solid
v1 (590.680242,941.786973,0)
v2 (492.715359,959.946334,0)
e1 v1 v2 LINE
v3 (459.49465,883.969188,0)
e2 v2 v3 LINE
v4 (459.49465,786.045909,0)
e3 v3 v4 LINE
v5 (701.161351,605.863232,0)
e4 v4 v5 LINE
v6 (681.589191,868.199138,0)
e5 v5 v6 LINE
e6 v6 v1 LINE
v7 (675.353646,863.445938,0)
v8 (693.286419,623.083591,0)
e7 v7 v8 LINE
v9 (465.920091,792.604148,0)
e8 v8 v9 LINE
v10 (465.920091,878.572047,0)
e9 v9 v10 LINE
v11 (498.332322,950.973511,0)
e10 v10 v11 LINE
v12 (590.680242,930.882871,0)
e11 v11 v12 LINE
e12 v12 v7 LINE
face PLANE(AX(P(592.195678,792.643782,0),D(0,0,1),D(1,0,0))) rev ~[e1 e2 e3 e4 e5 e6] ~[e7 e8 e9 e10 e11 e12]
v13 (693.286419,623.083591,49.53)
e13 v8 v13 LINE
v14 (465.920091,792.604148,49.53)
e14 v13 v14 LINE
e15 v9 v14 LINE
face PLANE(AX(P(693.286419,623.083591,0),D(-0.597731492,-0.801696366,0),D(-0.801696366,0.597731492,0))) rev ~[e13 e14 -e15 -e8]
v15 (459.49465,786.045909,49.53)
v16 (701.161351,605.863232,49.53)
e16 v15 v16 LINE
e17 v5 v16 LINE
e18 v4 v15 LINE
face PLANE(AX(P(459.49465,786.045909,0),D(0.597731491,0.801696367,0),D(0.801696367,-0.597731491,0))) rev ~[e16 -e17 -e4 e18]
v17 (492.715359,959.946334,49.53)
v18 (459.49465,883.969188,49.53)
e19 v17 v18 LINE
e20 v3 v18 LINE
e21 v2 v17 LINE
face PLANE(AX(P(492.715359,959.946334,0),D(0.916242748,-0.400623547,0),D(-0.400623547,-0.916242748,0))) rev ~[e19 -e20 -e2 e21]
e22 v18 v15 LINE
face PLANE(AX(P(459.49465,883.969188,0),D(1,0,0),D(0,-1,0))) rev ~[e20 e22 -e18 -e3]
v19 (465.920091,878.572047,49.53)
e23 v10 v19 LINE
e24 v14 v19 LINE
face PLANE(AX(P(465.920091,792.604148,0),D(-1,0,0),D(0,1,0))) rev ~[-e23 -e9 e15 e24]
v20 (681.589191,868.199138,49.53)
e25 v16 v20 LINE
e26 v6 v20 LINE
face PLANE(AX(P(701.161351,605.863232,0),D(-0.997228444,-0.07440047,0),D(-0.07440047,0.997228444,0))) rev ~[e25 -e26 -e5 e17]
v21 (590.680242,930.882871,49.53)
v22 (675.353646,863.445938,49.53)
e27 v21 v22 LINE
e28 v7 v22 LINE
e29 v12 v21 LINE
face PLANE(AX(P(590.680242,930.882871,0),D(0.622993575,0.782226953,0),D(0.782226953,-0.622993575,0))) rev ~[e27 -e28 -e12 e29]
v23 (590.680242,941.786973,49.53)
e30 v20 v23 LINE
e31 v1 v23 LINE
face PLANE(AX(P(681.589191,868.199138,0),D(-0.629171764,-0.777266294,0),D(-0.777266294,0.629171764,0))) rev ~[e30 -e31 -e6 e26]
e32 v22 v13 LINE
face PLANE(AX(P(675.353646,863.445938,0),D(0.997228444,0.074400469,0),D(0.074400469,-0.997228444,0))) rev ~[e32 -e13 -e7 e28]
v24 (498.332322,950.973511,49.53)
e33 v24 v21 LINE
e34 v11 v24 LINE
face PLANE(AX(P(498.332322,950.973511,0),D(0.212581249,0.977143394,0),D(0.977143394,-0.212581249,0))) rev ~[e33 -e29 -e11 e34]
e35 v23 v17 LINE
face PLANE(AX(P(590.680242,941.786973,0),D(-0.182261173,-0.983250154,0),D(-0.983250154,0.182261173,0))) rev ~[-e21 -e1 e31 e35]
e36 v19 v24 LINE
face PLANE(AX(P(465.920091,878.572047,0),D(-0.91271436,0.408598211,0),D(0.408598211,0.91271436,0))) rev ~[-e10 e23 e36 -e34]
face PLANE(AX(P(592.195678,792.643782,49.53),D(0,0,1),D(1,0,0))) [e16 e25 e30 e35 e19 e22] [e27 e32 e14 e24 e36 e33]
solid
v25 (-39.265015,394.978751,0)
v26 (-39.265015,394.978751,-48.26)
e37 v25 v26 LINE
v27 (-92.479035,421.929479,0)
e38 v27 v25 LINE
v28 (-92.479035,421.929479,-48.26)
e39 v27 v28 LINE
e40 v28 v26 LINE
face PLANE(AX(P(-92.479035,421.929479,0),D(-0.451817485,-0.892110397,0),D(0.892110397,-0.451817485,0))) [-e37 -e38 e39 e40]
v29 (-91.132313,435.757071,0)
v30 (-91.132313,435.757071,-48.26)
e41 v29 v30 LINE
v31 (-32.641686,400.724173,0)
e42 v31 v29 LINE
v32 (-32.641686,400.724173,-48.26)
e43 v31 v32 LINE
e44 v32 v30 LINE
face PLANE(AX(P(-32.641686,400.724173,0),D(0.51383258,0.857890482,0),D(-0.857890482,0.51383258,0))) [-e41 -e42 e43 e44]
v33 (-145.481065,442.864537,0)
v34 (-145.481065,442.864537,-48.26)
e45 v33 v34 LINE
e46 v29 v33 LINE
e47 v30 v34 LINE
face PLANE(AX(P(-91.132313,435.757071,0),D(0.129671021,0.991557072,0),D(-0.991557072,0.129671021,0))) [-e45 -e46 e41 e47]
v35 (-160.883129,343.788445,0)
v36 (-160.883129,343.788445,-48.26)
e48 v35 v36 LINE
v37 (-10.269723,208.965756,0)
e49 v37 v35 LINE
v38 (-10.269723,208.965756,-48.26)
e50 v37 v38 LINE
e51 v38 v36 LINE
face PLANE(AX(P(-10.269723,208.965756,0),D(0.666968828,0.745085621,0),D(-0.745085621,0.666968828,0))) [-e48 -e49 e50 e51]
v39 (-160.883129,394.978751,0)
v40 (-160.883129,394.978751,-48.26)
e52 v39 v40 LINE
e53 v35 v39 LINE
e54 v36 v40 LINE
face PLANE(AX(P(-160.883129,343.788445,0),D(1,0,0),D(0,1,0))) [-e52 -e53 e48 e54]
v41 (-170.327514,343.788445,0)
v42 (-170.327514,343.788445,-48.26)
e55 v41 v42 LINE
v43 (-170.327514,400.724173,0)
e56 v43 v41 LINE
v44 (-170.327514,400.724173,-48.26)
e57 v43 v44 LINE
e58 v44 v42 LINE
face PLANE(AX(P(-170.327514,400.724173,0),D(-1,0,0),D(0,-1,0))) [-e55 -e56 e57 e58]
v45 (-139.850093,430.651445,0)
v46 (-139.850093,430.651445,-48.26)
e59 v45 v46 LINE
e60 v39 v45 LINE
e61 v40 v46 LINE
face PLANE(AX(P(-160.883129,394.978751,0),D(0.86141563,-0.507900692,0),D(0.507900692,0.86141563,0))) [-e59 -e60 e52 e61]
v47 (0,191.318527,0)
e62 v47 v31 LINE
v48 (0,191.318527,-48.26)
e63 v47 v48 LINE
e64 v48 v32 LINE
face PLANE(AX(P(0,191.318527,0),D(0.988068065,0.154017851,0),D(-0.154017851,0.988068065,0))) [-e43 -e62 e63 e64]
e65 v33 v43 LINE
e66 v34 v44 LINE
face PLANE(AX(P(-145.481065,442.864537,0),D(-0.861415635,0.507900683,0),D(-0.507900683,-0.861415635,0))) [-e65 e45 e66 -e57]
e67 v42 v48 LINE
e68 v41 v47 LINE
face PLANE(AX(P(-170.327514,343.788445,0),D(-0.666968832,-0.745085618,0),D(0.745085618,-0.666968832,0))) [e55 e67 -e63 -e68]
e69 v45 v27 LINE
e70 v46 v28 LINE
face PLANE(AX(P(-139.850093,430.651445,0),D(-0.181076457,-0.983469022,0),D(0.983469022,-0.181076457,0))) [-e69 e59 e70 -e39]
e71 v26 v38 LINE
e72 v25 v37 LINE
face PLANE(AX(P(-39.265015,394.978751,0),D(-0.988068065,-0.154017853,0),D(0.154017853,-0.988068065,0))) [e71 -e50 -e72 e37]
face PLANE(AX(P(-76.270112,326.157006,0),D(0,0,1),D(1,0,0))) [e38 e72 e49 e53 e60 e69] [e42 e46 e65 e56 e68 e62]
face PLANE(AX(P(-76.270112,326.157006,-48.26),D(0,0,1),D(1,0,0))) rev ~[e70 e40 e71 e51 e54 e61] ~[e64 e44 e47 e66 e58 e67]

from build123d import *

# Parameters (mm, degrees)
F2_DEPTH = 48.26
F4_DEPTH = 49.53


with BuildPart() as f2:
    # F1 (on Top) → F2 (new body)
    with BuildSketch(Plane.XY):
        Polygon((-91.132313, 435.757071), (-145.481065, 442.864537), (-170.327514, 400.724173), (-170.327514, 343.788445), (0, 191.318527), (-32.641686, 400.724173), align=None)
        Polygon((-10.269723, 208.965756), (-160.883129, 343.788445), (-160.883129, 394.978751), (-139.850093, 430.651445), (-92.479035, 421.929479), (-39.265015, 394.978751), align=None, mode=Mode.SUBTRACT)
    extrude(amount=-F2_DEPTH)


with BuildPart() as f4:
    # F3 (on face) → F4 (new body)
    with BuildSketch(Plane.XY):
        Polygon((459.49465, 883.969188), (459.49465, 786.045909), (701.161351, 605.863232), (681.589191, 868.199138), (590.680242, 941.786973), (492.715359, 959.946334), align=None)
        Polygon((465.920091, 792.604148), (465.920091, 878.572047), (498.332322, 950.973511), (590.680242, 930.882871), (675.353646, 863.445938), (693.286419, 623.083591), align=None, mode=Mode.SUBTRACT)
    extrude(amount=F4_DEPTH)


solid = Compound([f2.part, f4.part])
